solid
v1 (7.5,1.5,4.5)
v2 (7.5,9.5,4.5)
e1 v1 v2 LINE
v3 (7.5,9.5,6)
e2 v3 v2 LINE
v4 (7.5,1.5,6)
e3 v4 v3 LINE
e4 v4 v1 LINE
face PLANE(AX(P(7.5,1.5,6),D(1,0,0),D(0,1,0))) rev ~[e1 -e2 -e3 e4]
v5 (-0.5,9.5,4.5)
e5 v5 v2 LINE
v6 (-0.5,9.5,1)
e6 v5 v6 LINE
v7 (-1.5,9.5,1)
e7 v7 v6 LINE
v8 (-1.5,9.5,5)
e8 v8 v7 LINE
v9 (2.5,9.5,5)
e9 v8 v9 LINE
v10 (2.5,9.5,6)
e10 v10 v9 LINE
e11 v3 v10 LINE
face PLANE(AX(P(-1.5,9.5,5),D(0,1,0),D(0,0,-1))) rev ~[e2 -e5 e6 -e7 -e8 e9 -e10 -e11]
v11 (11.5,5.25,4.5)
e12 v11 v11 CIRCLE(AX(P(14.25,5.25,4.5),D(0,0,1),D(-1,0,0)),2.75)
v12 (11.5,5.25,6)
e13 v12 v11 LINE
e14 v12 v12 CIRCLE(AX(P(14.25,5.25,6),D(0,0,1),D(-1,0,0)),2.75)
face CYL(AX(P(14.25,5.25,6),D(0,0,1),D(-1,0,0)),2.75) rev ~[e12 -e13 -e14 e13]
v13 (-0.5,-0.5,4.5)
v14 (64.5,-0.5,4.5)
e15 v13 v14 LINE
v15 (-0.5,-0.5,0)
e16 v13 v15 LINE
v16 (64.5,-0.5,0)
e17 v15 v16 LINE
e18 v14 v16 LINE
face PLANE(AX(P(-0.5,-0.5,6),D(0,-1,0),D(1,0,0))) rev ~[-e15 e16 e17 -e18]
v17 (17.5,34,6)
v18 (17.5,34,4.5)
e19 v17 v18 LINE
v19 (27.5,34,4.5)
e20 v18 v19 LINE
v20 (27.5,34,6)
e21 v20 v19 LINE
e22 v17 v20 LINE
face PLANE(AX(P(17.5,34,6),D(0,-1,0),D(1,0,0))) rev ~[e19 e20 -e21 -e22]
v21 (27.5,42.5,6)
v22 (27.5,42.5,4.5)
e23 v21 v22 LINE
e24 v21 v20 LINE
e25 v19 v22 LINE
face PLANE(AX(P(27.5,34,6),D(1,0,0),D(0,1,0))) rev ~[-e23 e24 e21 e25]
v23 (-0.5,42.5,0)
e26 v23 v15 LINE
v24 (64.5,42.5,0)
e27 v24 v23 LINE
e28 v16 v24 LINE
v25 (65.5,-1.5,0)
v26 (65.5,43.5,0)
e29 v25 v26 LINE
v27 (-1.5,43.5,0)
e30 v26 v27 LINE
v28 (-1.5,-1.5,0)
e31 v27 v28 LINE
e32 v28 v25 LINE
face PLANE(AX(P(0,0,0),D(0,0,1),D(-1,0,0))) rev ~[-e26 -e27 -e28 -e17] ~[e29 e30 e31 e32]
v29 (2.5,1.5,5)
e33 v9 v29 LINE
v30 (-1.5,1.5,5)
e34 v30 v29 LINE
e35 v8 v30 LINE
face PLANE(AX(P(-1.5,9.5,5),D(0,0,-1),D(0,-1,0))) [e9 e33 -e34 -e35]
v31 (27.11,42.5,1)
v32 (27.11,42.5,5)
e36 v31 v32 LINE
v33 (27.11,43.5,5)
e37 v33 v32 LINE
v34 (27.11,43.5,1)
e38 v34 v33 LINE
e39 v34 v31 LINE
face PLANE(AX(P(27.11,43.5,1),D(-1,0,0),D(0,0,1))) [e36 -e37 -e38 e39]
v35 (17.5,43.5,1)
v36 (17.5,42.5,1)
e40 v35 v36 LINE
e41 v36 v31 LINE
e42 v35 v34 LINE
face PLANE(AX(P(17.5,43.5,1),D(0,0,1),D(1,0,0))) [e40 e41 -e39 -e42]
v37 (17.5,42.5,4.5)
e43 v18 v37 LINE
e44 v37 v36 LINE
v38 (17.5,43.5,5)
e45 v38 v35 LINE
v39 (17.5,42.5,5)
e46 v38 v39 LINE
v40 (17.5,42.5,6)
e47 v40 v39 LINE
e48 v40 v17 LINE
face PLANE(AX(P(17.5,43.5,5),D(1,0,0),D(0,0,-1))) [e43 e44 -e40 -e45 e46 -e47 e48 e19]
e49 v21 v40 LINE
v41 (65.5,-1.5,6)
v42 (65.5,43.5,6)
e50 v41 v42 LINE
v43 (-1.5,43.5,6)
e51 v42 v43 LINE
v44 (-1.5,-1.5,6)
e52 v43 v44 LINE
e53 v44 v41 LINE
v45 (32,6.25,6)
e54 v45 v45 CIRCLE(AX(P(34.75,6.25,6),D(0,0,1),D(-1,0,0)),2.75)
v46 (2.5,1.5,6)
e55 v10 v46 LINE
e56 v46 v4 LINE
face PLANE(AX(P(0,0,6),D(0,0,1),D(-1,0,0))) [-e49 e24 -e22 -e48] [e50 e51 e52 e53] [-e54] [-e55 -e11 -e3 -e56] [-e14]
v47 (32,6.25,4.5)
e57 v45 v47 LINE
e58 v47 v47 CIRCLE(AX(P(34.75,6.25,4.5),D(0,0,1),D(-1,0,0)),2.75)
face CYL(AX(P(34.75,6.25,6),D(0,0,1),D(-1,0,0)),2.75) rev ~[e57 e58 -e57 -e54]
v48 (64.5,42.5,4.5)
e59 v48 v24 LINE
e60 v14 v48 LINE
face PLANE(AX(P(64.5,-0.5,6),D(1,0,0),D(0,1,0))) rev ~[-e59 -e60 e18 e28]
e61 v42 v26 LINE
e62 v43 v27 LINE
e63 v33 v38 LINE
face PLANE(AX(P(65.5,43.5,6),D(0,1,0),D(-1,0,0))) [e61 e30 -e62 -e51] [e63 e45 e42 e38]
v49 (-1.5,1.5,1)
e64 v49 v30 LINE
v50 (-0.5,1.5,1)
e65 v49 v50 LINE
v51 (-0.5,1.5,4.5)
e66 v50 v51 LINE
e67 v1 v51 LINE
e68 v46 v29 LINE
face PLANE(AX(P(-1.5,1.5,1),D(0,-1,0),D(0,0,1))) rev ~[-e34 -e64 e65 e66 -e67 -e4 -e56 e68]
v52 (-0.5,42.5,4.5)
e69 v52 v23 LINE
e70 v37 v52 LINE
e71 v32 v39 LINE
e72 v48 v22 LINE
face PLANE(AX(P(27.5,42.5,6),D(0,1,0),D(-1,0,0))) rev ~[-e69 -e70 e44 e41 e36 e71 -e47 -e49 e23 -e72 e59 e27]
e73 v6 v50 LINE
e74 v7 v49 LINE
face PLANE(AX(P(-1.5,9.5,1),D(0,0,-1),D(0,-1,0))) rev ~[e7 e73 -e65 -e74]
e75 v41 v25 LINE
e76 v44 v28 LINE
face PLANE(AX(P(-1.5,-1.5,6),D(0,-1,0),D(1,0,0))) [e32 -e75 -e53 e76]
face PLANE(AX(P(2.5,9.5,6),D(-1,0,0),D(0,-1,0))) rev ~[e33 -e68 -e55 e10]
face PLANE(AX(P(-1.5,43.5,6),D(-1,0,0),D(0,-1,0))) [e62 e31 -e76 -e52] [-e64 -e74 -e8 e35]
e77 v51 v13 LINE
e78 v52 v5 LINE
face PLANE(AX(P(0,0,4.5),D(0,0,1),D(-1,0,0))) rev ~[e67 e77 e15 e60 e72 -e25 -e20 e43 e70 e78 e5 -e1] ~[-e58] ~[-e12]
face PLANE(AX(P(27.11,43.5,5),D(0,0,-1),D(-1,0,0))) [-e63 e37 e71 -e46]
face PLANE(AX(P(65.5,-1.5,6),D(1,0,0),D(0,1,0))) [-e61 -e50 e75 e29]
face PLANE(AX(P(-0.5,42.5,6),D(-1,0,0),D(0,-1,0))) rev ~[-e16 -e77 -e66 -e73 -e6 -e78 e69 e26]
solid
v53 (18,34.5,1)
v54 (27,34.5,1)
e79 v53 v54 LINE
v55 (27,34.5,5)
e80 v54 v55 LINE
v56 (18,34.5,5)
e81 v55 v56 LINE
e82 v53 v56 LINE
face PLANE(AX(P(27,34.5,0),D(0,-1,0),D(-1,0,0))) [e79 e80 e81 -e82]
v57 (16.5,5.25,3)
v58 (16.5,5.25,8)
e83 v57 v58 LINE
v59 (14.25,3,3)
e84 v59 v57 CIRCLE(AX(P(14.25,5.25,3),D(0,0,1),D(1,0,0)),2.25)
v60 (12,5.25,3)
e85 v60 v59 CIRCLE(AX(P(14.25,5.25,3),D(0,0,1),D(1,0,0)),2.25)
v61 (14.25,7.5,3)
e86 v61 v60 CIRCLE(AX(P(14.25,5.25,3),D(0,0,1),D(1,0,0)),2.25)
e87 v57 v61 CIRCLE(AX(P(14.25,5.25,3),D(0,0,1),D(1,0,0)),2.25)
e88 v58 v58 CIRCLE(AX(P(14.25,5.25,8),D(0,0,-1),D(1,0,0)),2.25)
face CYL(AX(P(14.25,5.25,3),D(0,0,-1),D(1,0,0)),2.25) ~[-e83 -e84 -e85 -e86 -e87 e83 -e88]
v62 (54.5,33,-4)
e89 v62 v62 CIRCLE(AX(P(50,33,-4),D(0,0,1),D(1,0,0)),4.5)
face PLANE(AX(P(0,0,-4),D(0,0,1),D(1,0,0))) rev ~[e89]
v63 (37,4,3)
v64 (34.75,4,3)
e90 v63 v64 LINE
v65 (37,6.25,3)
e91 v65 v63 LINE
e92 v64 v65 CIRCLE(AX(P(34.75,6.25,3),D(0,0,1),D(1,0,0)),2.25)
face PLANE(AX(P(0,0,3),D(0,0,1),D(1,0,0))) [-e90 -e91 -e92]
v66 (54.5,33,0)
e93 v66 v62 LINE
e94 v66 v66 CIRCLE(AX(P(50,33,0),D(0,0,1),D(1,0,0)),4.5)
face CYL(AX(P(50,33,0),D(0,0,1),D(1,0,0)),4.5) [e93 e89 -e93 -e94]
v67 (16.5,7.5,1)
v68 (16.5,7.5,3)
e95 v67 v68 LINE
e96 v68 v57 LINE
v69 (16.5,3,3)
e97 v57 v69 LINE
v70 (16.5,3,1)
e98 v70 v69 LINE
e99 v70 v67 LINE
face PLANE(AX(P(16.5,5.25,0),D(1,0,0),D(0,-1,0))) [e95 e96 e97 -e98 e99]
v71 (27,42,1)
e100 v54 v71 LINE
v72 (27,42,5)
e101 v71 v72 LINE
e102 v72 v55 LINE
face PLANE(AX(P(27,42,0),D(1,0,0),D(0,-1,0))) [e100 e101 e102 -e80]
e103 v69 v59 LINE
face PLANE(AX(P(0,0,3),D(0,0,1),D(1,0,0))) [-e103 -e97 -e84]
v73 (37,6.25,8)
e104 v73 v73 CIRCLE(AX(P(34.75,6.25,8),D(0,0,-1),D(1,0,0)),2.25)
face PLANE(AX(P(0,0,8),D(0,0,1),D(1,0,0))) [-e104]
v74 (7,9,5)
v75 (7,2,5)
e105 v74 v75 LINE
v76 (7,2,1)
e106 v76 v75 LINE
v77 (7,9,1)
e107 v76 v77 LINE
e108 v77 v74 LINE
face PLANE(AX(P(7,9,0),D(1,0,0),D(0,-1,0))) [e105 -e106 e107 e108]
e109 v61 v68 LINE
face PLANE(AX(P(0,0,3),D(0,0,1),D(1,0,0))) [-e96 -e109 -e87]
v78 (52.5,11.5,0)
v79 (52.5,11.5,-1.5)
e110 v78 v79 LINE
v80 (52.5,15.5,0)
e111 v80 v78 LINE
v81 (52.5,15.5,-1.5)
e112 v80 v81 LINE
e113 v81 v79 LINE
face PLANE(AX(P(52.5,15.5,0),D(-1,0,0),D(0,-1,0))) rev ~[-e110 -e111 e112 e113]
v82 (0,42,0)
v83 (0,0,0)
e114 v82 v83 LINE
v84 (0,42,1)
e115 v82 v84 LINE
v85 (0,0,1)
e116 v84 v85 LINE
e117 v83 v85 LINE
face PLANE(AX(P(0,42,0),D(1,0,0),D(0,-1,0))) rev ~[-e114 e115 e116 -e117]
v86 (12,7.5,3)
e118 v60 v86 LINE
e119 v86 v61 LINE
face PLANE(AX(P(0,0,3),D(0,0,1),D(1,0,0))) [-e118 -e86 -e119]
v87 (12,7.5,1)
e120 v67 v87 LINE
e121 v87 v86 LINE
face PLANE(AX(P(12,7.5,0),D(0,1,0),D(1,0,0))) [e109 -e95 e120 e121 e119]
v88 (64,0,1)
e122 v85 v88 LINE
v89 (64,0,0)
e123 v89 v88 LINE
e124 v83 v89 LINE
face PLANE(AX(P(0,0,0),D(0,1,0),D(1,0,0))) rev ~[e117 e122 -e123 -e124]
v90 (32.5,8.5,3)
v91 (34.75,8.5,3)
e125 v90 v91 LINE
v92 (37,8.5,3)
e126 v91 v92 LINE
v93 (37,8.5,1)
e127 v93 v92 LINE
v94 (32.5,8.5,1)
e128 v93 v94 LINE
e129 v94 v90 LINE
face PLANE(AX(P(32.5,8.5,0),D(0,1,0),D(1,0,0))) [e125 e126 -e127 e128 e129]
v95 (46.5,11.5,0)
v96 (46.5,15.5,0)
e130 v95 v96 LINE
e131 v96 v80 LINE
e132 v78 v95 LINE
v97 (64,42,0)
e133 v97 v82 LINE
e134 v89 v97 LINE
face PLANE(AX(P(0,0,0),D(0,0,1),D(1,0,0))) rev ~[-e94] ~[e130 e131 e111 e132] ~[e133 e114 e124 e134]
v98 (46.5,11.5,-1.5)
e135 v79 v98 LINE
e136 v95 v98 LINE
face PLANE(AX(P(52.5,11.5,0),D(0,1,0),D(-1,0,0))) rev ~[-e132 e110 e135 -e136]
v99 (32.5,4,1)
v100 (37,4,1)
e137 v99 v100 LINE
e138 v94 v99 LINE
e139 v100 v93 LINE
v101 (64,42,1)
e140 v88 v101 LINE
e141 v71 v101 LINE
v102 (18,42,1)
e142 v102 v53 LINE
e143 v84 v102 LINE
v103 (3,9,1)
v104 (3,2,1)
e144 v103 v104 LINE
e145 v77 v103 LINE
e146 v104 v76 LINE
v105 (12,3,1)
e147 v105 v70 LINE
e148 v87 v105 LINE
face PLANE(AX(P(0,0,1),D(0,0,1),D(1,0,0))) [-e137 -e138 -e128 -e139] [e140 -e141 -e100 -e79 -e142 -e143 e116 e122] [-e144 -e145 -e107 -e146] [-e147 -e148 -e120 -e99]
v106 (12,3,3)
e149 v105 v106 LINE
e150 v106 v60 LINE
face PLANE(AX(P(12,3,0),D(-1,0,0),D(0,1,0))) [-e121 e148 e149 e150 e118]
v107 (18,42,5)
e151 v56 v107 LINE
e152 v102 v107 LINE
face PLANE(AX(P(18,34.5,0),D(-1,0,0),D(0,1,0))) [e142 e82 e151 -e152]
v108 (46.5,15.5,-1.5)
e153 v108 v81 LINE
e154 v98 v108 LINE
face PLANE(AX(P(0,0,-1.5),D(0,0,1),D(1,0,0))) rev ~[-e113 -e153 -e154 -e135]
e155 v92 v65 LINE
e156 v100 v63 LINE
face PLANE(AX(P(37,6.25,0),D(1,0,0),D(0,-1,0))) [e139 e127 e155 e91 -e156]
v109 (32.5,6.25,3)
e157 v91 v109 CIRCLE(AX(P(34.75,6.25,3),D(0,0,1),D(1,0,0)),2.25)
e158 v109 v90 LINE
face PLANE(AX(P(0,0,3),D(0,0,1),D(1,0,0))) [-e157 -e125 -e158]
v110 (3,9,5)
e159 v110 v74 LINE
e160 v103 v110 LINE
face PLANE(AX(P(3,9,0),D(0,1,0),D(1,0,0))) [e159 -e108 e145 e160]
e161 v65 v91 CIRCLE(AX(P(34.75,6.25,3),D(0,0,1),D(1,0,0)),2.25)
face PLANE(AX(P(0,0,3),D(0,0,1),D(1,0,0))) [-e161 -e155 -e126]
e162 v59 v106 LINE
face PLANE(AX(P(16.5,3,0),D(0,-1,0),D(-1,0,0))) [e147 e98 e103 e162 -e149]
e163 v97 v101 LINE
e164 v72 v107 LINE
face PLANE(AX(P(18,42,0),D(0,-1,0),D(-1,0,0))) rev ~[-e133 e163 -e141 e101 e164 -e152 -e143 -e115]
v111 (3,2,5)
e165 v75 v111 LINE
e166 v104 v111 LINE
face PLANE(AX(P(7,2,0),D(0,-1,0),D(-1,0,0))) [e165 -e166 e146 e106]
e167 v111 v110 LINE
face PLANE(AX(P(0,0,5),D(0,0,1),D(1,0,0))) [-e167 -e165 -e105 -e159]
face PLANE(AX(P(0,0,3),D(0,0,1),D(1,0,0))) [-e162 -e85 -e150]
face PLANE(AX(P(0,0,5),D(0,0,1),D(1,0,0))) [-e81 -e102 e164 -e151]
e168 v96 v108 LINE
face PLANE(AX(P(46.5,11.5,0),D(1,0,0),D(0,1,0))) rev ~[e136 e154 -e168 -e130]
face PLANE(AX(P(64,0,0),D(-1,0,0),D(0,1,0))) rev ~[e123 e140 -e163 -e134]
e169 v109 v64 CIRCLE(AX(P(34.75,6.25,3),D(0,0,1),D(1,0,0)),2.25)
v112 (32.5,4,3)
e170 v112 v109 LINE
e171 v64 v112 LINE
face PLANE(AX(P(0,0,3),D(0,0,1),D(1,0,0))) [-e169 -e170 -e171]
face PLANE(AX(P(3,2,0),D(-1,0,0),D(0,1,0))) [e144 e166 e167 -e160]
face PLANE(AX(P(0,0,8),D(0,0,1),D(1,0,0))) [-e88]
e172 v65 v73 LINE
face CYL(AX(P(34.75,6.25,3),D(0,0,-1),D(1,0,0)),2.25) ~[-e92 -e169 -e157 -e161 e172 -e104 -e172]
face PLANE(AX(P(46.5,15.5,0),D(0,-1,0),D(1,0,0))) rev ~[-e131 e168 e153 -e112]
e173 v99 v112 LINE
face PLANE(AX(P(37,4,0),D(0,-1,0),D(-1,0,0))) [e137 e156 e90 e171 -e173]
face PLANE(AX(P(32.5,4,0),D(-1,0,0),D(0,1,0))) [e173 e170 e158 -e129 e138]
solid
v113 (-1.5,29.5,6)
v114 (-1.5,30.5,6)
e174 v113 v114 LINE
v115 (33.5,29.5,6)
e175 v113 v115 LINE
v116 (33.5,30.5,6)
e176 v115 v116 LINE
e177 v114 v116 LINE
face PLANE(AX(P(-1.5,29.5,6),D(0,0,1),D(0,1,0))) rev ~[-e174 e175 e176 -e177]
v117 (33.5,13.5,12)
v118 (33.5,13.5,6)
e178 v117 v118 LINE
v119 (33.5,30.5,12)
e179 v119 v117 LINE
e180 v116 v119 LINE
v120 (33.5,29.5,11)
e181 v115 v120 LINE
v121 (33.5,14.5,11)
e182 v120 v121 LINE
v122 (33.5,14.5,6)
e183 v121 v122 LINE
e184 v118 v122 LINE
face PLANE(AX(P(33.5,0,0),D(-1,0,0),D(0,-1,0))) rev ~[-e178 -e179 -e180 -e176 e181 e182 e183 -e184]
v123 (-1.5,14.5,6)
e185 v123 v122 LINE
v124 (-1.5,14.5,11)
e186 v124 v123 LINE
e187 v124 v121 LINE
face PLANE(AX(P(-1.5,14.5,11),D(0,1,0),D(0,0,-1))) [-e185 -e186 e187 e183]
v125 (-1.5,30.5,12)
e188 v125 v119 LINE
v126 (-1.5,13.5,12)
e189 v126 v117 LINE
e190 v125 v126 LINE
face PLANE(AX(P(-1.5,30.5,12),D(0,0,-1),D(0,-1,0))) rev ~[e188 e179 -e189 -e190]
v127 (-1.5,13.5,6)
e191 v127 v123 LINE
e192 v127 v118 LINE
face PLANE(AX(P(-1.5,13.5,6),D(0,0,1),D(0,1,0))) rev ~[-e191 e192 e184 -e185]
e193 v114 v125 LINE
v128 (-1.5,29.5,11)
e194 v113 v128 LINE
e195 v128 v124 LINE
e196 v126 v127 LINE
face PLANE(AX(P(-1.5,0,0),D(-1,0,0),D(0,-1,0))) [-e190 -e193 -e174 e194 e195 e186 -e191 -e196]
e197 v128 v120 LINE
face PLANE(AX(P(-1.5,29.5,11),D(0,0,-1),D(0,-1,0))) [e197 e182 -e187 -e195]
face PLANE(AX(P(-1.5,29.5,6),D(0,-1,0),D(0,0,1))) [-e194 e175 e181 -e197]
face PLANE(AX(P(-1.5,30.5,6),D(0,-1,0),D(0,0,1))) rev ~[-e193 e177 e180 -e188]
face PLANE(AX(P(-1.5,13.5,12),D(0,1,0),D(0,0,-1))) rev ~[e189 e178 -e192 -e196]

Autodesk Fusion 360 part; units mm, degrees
sketch "Sketch1" plane through (0, 0, 0) normal (0, 0, 1) x (1, 0, 0)
  line L0 (0, 0) -> (64, 0)
  line L1 (64, 0) -> (64, 42)
  line L2 (64, 42) -> (0, 42)
  line L3 (0, 42) -> (0, 0)
  line L4 (18, 42) -> (27, 42)
  line L5 (27, 42) -> (27, 34.5)
  line L6 (27, 34.5) -> (18, 34.5)
  line L7 (18, 34.5) -> (18, 42)
  line L8 (3, 9) -> (7, 9)
  line L9 (7, 9) -> (7, 2)
  line L10 (7, 2) -> (3, 2)
  line L11 (3, 2) -> (3, 9)
  circle A0 centre (14.25, 5.25) radius 2.25
  circle A1 centre (34.75, 6.25) radius 2.25
  circle A2 centre (50, 33) radius 4.5
  line L12 (46.5, 15.5) -> (52.5, 15.5)
  line L13 (52.5, 15.5) -> (52.5, 11.5)
  line L14 (52.5, 11.5) -> (46.5, 11.5)
  line L15 (46.5, 11.5) -> (46.5, 15.5)
  line L16 (12, 7.5) -> (16.5, 7.5)
  line L17 (16.5, 7.5) -> (16.5, 3)
  line L18 (16.5, 3) -> (12, 3)
  line L19 (12, 3) -> (12, 7.5)
  line L20 (32.5, 8.5) -> (37, 8.5)
  line L21 (37, 8.5) -> (37, 4)
  line L22 (37, 4) -> (32.5, 4)
  line L23 (32.5, 4) -> (32.5, 8.5)
  dimension "d1" = 64
  dimension "d2" = 42
  dimension "d3" = 18
  dimension "d4" = 9
  dimension "d5" = 7.5
  dimension "d6" = 4
  dimension "d7" = 7
  dimension "d8" = 4.5
  dimension "d9" = 9
  dimension "d10" = 6
  dimension "d11" = 4
  dimension "d12" = 3
  dimension "d13" = 2
  dimension "d14" = 3
  dimension "d15" = 5
  dimension "d16" = 4
  dimension "d17" = 16
  dimension "d18" = 9
  dimension "d19" = 14
  dimension "d20" = 11.5
  dimension "d21" = 11.5
extrude "Extrude1" add sketch "Sketch1" along normal blind 1 contours L0 L1 L2 L3 L5 L6 L7 | L2 L4 L5 L6 L7 | L8 L9 L10 L11 | A0 | A0 L17 L18 | A0 L16 L17 | A0 L16 L19 | A0 L18 L19 | A1 | A1 L21 L22 | A1 L20 L21 | A1 L20 L23 | A1 L22 L23 | A2 | L12 L13 L14 L15 makes body 1
extrude "Extrude2" add sketch "Sketch1" along normal blind 5 contours L2 L4 L5 L6 L7 bodies 1
extrude "Extrude3" add sketch "Sketch1" along normal blind 5 contours L8 L9 L10 L11 bodies 1
extrude "Extrude4" add sketch "Sketch1" along normal blind 3 contours A0 | A0 L17 L18 | A0 L16 L17 | A0 L16 L19 | A0 L18 L19 | A1 | A1 L21 L22 | A1 L20 L21 | A1 L20 L23 | A1 L22 L23 bodies 1
extrude "Extrude5" add sketch "Sketch1" along normal blind 5 from surface at 3 contours A0 | A1 bodies 1
extrude "Extrude6" add sketch "Sketch1" against normal blind 4 contours A2 bodies 1
extrude "Extrude7" add sketch "Sketch1" against normal blind 1.5 contours L12 L13 L14 L15 bodies 1
sketch "Sketch2" plane through (0, 0, 5) normal (0, 0, 1) x (-1, 0, 0)
  line L0 (-18, -34.5) -> (-27, -34.5)
  line L1 (-27, -34.5) -> (-27, -42)
  line L2 (-27, -42) -> (-18, -42)
  line L3 (-18, -42) -> (-18, -34.5)
  circle A0 centre (-34.75, -6.25) radius 2.25
  circle A1 centre (-14.25, -5.25) radius 2.25
  line L4 (-7, -9) -> (-3, -9)
  line L5 (-3, -9) -> (-3, -2)
  line L6 (-3, -2) -> (-7, -2)
  line L7 (-7, -2) -> (-7, -9)
  line L8 (-18, -42) -> (-18, -34.5)
  line L9 (-18, -34.5) -> (-27, -34.5)
  line L10 (-27, -34.5) -> (-27, -42)
  line L11 (-27, -42) -> (-18, -42)
  line L12 (-64, -42) -> (0, -42)
  line L13 (-64, 0) -> (-64, -42)
  line L14 (0, 0) -> (-64, 0)
  line L15 (0, -42) -> (0, 0)
  line L16 (0.5, 0.5) -> (-64.5, 0.5)
  line L17 (-64.5, 0.5) -> (-64.5, -42.5)
  line L18 (-64.5, -42.5) -> (0.5, -42.5)
  line L19 (0.5, -42.5) -> (0.5, 0.5)
  line L20 (1.5, 1.5) -> (-65.5, 1.5)
  line L21 (-65.5, 1.5) -> (-65.5, -43.5)
  line L22 (-65.5, -43.5) -> (1.5, -43.5)
  line L23 (1.5, -43.5) -> (1.5, 1.5)
  line L24 (-27.5, -42.5) -> (-17.5, -42.5)
  line L25 (-17.5, -42.5) -> (-17.5, -34)
  line L26 (-17.5, -34) -> (-27.5, -34)
  line L27 (-27.5, -34) -> (-27.5, -42.5)
  line L28 (-2.5, -1.5) -> (-7.5, -1.5)
  line L29 (-7.5, -1.5) -> (-7.5, -9.5)
  line L30 (-7.5, -9.5) -> (-2.5, -9.5)
  line L31 (-2.5, -9.5) -> (-2.5, -1.5)
  circle A2 centre (-14.25, -5.25) radius 2.75
  circle A3 centre (-34.75, -6.25) radius 2.75
  dimension "d37" = 0.5
  dimension "d38" = 1.5
  dimension "d39" = 0.5
  dimension "d42" = 0.5
  dimension "d43" = 0.5
  dimension "d44" = 0.5
extrude "Extrude8" add sketch "Sketch2" against normal up to surface (6 mm away) from surface at 1 separate body contours L20 L21 L22 L23 makes body 2
extrude "Extrude9" add sketch "Sketch2" against normal blind 1.5 from surface at 1 contours L12 L13 L14 L15 L25 L26 L27 | L12 L13 L14 L15 L16 L17 L18 L19 L25 L27 bodies 2
sketch "Sketch3" plane through (-1.5, 0, 0) normal (-1, 0, 0) x (0, -1, 0)
  line L0 (-43.5, 0) -> (1.5, 0)
  line L1 (1.5, 0) -> (1.5, 6)
  line L2 (1.5, 6) -> (-43.5, 6)
  line L3 (-43.5, 6) -> (-43.5, 0)
  line L4 (-9.5, 5) -> (-9.5, 1)
  line L5 (-9.5, 1) -> (-1.5, 1)
  line L6 (-1.5, 1) -> (-1.5, 5)
  line L7 (-9.5, 5) -> (-1.5, 5)
  point P0 (-9.5, 4.5)
  point P1 (-1.5, 4.5)
  point P2 (-2, 5)
  point P3 (-9, 5)
  dimension "d49" = 1
extrude "Extrude10" cut sketch "Sketch3" against normal up to surface (4 mm away) contours L4 L5 L6 L7 bodies 2
sketch "Sketch4" plane through (0, 43.5, 0) normal (0, 1, 0) x (-1, 0, 0)
  line L0 (-65.5, 0) -> (1.5, 0)
  line L1 (1.5, 0) -> (1.5, 6)
  line L2 (1.5, 6) -> (-65.5, 6)
  line L3 (-65.5, 6) -> (-65.5, 0)
  line L4 (-27.11, 5) -> (-17.5, 5)
  line L5 (-17.5, 5) -> (-17.5, 1)
  line L6 (-17.5, 1) -> (-27.11, 1)
  line L7 (-27.11, 1) -> (-27.11, 5)
  line L8 (-65.5, 5) -> (1.5, 5)
  point P0 (-17.5, 5)
  dimension "d52" = 1
  dimension "d55" = 1
extrude "Extrude11" cut sketch "Sketch4" against normal up to surface (1 mm away) contours L4 L5 L6 L7 L8 bodies 2
sketch "Sketch5" plane through (-1.5, 0, 0) normal (-1, 0, 0) x (0, -1, 0)
  line L0 (-9.5, 1) -> (-9.5, 5)
  line L1 (-9.5, 5) -> (-1.5, 5)
  line L2 (-1.5, 5) -> (-1.5, 1)
  line L3 (-1.5, 1) -> (-9.5, 1)
  line L4 (-43.5, 0) -> (1.5, 0)
  line L5 (1.5, 0) -> (1.5, 6)
  line L6 (1.5, 6) -> (-43.5, 6)
  line L7 (-43.5, 6) -> (-43.5, 0)
  line L8 (-30.5, 12) -> (-13.5, 12)
  line L9 (1.5, 6) -> (-30.5, 6)
  line L10 (-30.5, 6) -> (-30.5, 12)
  line L11 (-29.5, 11) -> (-14.5, 11)
  line L12 (-14.5, 11) -> (-14.5, 6)
  line L13 (-14.5, 6) -> (-29.5, 6)
  line L14 (-29.5, 6) -> (-29.5, 11)
  line L15 (-13.5, 12) -> (-13.5, 6)
  dimension "d56" = 15
  dimension "d59" = 1
  dimension "d60" = 5
  dimension "d61" = 1
  dimension "d62" = 1
  dimension "d63" = 15
extrude "Extrude12" add sketch "Sketch5" against normal blind 35 separate body contours L6 L8 L9 L10 L11 L12 L14 L15 makes body 3
